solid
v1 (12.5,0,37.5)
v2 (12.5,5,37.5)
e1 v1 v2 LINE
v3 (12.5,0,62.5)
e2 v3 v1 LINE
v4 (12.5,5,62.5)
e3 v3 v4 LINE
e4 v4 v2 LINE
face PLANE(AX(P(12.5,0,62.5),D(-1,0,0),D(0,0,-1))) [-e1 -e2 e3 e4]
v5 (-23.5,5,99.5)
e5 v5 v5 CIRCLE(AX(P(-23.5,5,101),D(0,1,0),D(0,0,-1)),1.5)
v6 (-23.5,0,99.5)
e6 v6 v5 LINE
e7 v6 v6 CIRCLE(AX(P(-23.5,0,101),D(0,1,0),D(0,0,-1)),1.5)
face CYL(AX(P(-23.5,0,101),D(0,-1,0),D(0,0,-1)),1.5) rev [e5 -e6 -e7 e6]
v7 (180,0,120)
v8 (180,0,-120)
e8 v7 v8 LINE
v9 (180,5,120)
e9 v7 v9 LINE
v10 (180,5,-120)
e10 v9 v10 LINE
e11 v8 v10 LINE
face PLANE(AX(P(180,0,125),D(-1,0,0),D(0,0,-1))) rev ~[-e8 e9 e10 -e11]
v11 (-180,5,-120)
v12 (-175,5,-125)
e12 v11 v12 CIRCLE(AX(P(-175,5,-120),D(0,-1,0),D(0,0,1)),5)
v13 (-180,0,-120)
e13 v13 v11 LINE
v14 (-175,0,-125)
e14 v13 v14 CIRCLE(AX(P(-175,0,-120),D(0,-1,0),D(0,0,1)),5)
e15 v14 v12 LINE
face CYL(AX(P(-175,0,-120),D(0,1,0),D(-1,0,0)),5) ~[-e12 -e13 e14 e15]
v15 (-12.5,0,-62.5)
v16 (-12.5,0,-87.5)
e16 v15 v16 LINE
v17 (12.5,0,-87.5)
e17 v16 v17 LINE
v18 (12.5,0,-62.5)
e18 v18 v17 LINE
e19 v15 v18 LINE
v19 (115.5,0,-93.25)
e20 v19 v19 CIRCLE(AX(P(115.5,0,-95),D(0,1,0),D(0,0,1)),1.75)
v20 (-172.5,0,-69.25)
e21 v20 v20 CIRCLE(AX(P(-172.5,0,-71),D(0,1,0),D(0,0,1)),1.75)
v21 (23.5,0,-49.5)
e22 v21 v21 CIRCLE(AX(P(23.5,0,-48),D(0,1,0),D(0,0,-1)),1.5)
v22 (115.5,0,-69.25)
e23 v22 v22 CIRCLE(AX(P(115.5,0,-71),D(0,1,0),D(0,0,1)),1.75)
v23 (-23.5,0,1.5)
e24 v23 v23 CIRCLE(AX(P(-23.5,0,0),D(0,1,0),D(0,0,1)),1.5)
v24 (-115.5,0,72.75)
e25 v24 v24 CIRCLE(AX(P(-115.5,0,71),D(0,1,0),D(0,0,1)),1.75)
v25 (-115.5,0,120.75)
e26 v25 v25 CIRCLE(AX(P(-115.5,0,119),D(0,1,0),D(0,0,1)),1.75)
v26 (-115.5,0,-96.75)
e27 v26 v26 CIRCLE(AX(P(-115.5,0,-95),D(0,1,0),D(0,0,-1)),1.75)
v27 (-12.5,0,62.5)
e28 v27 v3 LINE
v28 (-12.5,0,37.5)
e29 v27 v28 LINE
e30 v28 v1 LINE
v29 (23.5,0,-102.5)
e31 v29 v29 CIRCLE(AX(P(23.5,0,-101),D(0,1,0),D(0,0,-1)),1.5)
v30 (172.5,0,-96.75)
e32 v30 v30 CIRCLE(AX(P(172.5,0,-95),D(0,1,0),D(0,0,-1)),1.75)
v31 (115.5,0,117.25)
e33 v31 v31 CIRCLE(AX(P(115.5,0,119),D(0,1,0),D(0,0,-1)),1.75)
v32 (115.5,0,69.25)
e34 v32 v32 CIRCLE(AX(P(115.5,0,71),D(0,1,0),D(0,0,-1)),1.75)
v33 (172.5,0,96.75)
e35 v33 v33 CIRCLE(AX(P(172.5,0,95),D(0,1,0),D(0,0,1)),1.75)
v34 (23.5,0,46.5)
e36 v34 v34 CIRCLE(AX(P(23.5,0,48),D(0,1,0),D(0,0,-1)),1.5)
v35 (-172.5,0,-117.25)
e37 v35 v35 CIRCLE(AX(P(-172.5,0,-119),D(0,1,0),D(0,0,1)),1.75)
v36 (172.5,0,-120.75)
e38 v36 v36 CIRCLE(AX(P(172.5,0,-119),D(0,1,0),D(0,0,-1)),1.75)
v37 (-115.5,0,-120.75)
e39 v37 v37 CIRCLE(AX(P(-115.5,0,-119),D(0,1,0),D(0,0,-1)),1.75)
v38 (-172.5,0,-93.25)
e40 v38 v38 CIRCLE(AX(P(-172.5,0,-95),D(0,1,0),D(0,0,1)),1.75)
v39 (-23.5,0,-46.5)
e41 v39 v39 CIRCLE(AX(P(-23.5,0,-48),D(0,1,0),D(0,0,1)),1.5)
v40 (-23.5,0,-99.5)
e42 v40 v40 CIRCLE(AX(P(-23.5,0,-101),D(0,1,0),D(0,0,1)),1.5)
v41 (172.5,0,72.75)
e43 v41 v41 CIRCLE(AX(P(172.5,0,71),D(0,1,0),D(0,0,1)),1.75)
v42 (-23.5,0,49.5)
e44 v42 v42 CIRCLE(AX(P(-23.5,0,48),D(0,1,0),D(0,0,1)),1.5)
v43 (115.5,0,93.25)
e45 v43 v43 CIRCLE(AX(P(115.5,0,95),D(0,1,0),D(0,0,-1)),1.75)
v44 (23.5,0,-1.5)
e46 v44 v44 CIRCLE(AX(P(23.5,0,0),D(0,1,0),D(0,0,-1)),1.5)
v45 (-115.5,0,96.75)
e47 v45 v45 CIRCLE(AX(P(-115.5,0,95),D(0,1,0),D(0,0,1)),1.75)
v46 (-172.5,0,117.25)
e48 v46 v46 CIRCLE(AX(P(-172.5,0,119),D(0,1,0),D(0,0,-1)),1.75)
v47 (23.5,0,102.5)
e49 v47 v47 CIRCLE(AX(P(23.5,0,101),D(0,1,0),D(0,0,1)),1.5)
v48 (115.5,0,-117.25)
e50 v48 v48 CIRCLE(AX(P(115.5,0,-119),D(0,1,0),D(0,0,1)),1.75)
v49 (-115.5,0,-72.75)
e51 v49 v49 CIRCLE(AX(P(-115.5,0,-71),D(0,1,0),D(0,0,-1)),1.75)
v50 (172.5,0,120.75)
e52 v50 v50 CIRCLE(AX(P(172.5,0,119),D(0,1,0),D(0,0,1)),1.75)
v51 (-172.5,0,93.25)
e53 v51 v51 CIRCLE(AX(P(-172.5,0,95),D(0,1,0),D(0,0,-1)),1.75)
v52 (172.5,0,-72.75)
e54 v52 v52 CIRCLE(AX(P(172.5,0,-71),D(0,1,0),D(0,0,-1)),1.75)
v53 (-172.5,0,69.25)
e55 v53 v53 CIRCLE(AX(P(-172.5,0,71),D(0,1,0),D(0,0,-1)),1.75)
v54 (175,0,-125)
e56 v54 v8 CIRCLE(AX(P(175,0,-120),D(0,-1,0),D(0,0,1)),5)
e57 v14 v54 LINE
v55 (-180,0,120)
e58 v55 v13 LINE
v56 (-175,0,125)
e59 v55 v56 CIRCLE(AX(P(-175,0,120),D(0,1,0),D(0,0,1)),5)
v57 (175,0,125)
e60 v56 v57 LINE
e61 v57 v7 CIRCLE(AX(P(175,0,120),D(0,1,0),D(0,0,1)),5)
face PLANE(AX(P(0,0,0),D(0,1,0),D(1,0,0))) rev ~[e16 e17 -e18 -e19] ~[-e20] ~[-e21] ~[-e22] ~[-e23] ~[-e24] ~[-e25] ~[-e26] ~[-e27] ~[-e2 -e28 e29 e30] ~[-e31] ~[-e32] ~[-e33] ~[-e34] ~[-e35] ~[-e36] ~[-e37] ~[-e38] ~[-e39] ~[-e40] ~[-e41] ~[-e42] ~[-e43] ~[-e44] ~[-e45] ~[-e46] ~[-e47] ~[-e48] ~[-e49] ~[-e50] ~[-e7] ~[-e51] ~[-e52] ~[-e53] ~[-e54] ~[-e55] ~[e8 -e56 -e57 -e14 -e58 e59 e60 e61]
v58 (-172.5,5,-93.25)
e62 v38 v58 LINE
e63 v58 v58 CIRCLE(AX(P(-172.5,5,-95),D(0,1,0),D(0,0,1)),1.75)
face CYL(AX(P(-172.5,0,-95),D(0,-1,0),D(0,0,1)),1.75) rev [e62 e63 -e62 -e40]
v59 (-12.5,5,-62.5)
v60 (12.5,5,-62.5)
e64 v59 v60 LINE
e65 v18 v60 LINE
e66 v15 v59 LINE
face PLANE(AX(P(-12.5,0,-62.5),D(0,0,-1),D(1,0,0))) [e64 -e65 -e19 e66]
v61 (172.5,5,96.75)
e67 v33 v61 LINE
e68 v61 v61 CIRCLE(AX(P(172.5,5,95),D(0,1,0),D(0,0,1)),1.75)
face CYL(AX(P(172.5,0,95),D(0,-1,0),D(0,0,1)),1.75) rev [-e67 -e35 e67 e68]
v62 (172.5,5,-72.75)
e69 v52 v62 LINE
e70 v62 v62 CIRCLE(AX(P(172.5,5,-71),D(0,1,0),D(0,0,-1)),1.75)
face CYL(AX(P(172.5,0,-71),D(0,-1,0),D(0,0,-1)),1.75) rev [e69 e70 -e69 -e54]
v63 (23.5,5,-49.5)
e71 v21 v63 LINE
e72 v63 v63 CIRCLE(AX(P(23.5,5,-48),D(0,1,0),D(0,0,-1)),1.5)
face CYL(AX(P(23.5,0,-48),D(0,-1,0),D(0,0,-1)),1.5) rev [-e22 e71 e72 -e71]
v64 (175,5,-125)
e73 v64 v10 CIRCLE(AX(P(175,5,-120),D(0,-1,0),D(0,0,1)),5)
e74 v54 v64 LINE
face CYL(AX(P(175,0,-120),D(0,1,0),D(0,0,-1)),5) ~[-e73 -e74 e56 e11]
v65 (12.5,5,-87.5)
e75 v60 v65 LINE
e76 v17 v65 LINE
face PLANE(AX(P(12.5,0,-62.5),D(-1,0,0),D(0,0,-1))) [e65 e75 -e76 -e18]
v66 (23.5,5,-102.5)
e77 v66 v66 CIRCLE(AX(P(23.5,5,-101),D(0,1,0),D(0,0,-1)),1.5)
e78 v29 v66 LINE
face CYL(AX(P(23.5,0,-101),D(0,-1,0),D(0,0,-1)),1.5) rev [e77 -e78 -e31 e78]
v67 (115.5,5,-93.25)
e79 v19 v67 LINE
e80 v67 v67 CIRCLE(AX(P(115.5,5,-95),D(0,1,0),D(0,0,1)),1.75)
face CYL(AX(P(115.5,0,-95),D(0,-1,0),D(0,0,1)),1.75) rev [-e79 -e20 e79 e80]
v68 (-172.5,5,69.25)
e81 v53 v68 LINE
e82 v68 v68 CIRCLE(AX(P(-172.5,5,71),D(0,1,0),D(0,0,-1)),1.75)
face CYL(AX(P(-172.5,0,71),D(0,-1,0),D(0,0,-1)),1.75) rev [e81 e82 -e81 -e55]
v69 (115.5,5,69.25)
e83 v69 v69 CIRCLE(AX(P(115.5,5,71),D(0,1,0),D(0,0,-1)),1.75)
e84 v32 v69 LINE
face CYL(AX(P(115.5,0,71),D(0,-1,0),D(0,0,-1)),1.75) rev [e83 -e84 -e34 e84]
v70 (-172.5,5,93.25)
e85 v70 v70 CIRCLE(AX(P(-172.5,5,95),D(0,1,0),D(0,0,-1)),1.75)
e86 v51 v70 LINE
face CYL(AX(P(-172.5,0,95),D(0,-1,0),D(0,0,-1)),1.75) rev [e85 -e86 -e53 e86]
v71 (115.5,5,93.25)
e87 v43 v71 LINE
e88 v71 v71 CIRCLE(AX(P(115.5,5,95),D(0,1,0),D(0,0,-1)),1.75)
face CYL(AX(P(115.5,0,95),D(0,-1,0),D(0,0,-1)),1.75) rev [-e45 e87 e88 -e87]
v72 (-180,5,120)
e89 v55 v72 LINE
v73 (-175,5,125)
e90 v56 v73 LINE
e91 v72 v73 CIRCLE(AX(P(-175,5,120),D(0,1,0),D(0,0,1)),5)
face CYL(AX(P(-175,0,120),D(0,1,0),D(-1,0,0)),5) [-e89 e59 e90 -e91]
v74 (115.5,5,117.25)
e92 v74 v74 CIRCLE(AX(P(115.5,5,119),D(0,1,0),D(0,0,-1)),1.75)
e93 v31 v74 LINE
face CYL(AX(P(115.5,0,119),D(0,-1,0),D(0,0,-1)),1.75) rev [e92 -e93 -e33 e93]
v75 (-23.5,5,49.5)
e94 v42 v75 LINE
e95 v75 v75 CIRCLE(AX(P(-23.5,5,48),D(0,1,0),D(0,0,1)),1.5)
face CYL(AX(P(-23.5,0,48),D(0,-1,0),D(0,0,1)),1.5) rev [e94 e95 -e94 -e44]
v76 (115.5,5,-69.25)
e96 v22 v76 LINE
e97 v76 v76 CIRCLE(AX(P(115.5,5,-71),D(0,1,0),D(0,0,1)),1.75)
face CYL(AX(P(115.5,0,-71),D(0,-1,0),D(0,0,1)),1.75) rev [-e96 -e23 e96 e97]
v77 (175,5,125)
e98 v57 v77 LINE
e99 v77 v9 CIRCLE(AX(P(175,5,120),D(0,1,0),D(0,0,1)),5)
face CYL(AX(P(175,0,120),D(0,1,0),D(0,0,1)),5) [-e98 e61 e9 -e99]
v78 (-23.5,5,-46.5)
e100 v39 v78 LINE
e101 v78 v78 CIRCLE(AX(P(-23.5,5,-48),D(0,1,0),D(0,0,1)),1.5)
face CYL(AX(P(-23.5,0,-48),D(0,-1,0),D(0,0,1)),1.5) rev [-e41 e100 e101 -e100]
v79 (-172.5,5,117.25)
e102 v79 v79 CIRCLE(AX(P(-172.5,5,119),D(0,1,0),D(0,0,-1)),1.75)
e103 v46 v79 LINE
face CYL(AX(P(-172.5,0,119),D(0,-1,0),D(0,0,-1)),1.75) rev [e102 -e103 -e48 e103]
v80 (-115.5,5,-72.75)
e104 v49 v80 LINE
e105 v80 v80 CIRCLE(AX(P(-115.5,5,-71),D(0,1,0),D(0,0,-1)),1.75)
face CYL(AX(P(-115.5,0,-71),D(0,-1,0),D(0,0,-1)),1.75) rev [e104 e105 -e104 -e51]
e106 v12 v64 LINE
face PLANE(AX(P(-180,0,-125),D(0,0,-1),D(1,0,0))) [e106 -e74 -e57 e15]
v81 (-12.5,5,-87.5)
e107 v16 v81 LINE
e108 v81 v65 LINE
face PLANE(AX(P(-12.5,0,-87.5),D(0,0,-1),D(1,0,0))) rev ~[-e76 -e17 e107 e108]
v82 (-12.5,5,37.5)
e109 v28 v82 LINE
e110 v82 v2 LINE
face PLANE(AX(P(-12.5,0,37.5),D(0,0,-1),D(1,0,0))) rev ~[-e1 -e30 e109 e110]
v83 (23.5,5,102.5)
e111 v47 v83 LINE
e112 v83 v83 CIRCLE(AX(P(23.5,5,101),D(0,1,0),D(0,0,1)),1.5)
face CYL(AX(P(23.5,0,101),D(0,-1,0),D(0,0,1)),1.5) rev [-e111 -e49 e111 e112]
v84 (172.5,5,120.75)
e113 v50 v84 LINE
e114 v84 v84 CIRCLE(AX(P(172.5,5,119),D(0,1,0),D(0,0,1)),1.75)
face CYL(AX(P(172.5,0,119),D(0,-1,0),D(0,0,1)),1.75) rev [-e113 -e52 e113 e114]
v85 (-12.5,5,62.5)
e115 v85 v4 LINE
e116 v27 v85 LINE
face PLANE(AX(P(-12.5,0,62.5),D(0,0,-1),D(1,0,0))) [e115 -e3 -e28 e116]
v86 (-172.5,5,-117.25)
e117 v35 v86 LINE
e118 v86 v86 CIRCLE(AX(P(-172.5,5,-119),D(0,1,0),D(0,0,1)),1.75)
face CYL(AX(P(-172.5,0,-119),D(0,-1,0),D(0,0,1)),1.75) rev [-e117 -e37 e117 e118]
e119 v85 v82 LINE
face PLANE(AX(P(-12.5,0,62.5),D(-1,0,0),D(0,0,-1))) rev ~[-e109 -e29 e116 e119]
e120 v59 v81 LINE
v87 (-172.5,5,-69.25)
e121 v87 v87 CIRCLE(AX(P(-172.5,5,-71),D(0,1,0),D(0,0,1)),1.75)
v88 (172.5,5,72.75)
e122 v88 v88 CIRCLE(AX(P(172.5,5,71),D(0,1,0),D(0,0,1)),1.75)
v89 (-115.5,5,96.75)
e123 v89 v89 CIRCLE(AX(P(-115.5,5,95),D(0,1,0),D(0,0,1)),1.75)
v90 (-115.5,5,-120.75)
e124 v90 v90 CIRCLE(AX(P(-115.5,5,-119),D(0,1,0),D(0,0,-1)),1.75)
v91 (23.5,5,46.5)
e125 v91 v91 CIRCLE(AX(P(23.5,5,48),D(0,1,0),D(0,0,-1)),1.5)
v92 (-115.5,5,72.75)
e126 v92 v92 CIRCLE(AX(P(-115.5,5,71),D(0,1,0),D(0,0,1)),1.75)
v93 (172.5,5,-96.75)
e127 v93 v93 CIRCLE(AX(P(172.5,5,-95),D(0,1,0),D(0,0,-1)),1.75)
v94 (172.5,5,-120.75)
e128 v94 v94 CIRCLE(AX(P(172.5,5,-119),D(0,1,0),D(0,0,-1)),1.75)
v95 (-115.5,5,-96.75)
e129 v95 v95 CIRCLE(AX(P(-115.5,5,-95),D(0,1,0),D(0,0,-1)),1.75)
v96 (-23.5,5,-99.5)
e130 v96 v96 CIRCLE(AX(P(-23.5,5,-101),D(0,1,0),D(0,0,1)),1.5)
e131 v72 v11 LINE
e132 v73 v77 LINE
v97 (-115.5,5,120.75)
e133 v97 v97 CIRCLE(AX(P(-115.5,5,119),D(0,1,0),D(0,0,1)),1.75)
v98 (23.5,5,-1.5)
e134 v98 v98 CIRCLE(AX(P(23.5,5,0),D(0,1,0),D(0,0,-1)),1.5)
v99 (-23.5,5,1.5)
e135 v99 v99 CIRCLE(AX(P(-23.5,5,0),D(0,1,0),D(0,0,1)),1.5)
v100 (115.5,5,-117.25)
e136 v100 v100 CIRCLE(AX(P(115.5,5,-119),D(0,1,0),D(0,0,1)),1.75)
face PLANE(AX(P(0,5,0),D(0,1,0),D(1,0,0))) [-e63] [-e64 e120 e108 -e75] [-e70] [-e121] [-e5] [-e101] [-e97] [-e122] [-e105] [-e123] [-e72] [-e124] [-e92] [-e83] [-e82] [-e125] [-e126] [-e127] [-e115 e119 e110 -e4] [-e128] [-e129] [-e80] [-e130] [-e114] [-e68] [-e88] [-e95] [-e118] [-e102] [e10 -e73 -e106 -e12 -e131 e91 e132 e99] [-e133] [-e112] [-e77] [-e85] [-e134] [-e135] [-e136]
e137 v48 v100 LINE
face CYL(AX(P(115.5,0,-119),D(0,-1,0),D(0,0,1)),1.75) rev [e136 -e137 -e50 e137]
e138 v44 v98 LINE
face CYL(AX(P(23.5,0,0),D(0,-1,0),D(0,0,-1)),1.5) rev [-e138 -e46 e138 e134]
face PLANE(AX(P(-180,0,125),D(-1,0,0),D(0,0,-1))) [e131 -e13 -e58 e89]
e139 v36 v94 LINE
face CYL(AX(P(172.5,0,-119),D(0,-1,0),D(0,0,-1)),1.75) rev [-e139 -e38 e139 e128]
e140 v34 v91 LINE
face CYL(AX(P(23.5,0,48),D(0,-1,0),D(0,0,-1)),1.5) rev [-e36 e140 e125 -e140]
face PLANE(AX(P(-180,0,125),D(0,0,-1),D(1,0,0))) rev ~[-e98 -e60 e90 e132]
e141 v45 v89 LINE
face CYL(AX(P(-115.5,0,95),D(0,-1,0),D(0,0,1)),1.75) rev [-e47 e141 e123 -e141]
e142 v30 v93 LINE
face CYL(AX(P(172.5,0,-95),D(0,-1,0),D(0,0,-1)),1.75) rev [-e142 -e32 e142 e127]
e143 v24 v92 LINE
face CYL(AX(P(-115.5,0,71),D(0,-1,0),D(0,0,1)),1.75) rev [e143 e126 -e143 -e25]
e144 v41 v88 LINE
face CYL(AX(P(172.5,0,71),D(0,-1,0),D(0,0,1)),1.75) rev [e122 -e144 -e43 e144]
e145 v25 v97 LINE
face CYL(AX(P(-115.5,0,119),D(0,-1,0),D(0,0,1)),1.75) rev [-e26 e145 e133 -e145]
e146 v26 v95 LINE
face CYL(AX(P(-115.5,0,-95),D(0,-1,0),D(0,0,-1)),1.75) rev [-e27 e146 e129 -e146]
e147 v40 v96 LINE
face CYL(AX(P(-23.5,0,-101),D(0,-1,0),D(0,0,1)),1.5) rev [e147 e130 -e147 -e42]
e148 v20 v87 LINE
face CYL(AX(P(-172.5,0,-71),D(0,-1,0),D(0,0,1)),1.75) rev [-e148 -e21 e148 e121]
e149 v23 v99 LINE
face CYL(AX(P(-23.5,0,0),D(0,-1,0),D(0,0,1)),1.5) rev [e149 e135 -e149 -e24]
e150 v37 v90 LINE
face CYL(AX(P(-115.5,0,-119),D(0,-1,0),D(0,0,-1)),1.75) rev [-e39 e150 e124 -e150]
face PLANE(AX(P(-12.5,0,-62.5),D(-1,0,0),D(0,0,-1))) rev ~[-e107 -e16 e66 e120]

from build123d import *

# Parameters (mm, degrees)
SKETCH2_W           = 360
SKETCH2_H           = 250
SKETCH2_R           = 1.75
SKETCH2_R_2         = 1.5
SKETCH2_W_2         = 25
SKETCH2_H_2         = 25
BOSS_EXTRUDE1_DEPTH = 5
FILLET1_R           = 5


with BuildPart() as part:
    # Sketch2 → Boss-Extrude1 (new body)
    with BuildSketch(Plane(origin=(0, 0, 0), x_dir=(1, 0, 0), z_dir=(0, 1, 0))):
        Rectangle(SKETCH2_W, SKETCH2_H)
        with Locations(Location((-172.5, 95, 0), (0, 0, 270))):
            Circle(SKETCH2_R, mode=Mode.SUBTRACT)
        with Locations(Location((-172.5, 119, 0), (0, 0, 270))):
            Circle(SKETCH2_R, mode=Mode.SUBTRACT)
        with Locations(Location((-172.5, 71, 0), (0, 0, 270))):
            Circle(SKETCH2_R, mode=Mode.SUBTRACT)
        with Locations(Location((-115.5, 119, 0), (0, 0, 90))):
            Circle(SKETCH2_R, mode=Mode.SUBTRACT)
        with Locations(Location((-115.5, 95, 0), (0, 0, 90))):
            Circle(SKETCH2_R, mode=Mode.SUBTRACT)
        with Locations(Location((-115.5, 71, 0), (0, 0, 90))):
            Circle(SKETCH2_R, mode=Mode.SUBTRACT)
        with Locations(Location((172.5, 71, 0), (0, 0, 90))):
            Circle(SKETCH2_R, mode=Mode.SUBTRACT)
        with Locations(Location((172.5, 95, 0), (0, 0, 90))):
            Circle(SKETCH2_R, mode=Mode.SUBTRACT)
        with Locations(Location((172.5, 119, 0), (0, 0, 90))):
            Circle(SKETCH2_R, mode=Mode.SUBTRACT)
        with Locations(Location((115.5, 119, 0), (0, 0, 270))):
            Circle(SKETCH2_R, mode=Mode.SUBTRACT)
        with Locations(Location((115.5, 95, 0), (0, 0, 270))):
            Circle(SKETCH2_R, mode=Mode.SUBTRACT)
        with Locations(Location((115.5, 71, 0), (0, 0, 270))):
            Circle(SKETCH2_R, mode=Mode.SUBTRACT)
        with Locations(Location((-172.5, -119, 0), (0, 0, 90))):
            Circle(SKETCH2_R, mode=Mode.SUBTRACT)
        with Locations(Location((-172.5, -95, 0), (0, 0, 90))):
            Circle(SKETCH2_R, mode=Mode.SUBTRACT)
        with Locations(Location((-172.5, -71, 0), (0, 0, 90))):
            Circle(SKETCH2_R, mode=Mode.SUBTRACT)
        with Locations(Location((-115.5, -119, 0), (0, 0, 270))):
            Circle(SKETCH2_R, mode=Mode.SUBTRACT)
        with Locations(Location((-115.5, -95, 0), (0, 0, 270))):
            Circle(SKETCH2_R, mode=Mode.SUBTRACT)
        with Locations(Location((-115.5, -71, 0), (0, 0, 270))):
            Circle(SKETCH2_R, mode=Mode.SUBTRACT)
        with Locations(Location((115.5, -71, 0), (0, 0, 90))):
            Circle(SKETCH2_R, mode=Mode.SUBTRACT)
        with Locations(Location((115.5, -95, 0), (0, 0, 90))):
            Circle(SKETCH2_R, mode=Mode.SUBTRACT)
        with Locations(Location((115.5, -119, 0), (0, 0, 90))):
            Circle(SKETCH2_R, mode=Mode.SUBTRACT)
        with Locations(Location((172.5, -119, 0), (0, 0, 270))):
            Circle(SKETCH2_R, mode=Mode.SUBTRACT)
        with Locations(Location((172.5, -95, 0), (0, 0, 270))):
            Circle(SKETCH2_R, mode=Mode.SUBTRACT)
        with Locations(Location((172.5, -71, 0), (0, 0, 270))):
            Circle(SKETCH2_R, mode=Mode.SUBTRACT)
        with Locations(Location((-23.5, 101, 0), (0, 0, 270))):
            Circle(SKETCH2_R_2, mode=Mode.SUBTRACT)
        with Locations(Location((-23.5, -101, 0), (0, 0, 90))):
            Circle(SKETCH2_R_2, mode=Mode.SUBTRACT)
        with Locations(Location((-23.5, 0, 0), (0, 0, 270))):
            Circle(SKETCH2_R_2, mode=Mode.SUBTRACT)
        with Locations(Location((-23.5, 48, 0), (0, 0, 270))):
            Circle(SKETCH2_R_2, mode=Mode.SUBTRACT)
        with Locations(Location((-23.5, -48, 0), (0, 0, 270))):
            Circle(SKETCH2_R_2, mode=Mode.SUBTRACT)
        with Locations(Location((23.5, 101, 0), (0, 0, 90))):
            Circle(SKETCH2_R_2, mode=Mode.SUBTRACT)
        with Locations(Location((23.5, 48, 0), (0, 0, 90))):
            Circle(SKETCH2_R_2, mode=Mode.SUBTRACT)
        with Locations(Location((23.5, 0, 0), (0, 0, 90))):
            Circle(SKETCH2_R_2, mode=Mode.SUBTRACT)
        with Locations(Location((23.5, -48, 0), (0, 0, 90))):
            Circle(SKETCH2_R_2, mode=Mode.SUBTRACT)
        with Locations(Location((23.5, -101, 0), (0, 0, 270))):
            Circle(SKETCH2_R_2, mode=Mode.SUBTRACT)
        with Locations((0, 75)):
            Rectangle(SKETCH2_W_2, SKETCH2_H_2, mode=Mode.SUBTRACT)
        with Locations((0, -50)):
            Rectangle(SKETCH2_W_2, SKETCH2_H_2, mode=Mode.SUBTRACT)
    extrude(amount=BOSS_EXTRUDE1_DEPTH)

    # Fillet1
    fillet1_edges = [part.edges().sort_by_distance(p)[0] for p in [
        (-180, 2.5, -125),
        (180, 2.5, -125),
        (180, 2.5, 125),
        (-180, 2.5, 125),
    ]]
    fillet(fillet1_edges, radius=FILLET1_R)


solid = part.part
